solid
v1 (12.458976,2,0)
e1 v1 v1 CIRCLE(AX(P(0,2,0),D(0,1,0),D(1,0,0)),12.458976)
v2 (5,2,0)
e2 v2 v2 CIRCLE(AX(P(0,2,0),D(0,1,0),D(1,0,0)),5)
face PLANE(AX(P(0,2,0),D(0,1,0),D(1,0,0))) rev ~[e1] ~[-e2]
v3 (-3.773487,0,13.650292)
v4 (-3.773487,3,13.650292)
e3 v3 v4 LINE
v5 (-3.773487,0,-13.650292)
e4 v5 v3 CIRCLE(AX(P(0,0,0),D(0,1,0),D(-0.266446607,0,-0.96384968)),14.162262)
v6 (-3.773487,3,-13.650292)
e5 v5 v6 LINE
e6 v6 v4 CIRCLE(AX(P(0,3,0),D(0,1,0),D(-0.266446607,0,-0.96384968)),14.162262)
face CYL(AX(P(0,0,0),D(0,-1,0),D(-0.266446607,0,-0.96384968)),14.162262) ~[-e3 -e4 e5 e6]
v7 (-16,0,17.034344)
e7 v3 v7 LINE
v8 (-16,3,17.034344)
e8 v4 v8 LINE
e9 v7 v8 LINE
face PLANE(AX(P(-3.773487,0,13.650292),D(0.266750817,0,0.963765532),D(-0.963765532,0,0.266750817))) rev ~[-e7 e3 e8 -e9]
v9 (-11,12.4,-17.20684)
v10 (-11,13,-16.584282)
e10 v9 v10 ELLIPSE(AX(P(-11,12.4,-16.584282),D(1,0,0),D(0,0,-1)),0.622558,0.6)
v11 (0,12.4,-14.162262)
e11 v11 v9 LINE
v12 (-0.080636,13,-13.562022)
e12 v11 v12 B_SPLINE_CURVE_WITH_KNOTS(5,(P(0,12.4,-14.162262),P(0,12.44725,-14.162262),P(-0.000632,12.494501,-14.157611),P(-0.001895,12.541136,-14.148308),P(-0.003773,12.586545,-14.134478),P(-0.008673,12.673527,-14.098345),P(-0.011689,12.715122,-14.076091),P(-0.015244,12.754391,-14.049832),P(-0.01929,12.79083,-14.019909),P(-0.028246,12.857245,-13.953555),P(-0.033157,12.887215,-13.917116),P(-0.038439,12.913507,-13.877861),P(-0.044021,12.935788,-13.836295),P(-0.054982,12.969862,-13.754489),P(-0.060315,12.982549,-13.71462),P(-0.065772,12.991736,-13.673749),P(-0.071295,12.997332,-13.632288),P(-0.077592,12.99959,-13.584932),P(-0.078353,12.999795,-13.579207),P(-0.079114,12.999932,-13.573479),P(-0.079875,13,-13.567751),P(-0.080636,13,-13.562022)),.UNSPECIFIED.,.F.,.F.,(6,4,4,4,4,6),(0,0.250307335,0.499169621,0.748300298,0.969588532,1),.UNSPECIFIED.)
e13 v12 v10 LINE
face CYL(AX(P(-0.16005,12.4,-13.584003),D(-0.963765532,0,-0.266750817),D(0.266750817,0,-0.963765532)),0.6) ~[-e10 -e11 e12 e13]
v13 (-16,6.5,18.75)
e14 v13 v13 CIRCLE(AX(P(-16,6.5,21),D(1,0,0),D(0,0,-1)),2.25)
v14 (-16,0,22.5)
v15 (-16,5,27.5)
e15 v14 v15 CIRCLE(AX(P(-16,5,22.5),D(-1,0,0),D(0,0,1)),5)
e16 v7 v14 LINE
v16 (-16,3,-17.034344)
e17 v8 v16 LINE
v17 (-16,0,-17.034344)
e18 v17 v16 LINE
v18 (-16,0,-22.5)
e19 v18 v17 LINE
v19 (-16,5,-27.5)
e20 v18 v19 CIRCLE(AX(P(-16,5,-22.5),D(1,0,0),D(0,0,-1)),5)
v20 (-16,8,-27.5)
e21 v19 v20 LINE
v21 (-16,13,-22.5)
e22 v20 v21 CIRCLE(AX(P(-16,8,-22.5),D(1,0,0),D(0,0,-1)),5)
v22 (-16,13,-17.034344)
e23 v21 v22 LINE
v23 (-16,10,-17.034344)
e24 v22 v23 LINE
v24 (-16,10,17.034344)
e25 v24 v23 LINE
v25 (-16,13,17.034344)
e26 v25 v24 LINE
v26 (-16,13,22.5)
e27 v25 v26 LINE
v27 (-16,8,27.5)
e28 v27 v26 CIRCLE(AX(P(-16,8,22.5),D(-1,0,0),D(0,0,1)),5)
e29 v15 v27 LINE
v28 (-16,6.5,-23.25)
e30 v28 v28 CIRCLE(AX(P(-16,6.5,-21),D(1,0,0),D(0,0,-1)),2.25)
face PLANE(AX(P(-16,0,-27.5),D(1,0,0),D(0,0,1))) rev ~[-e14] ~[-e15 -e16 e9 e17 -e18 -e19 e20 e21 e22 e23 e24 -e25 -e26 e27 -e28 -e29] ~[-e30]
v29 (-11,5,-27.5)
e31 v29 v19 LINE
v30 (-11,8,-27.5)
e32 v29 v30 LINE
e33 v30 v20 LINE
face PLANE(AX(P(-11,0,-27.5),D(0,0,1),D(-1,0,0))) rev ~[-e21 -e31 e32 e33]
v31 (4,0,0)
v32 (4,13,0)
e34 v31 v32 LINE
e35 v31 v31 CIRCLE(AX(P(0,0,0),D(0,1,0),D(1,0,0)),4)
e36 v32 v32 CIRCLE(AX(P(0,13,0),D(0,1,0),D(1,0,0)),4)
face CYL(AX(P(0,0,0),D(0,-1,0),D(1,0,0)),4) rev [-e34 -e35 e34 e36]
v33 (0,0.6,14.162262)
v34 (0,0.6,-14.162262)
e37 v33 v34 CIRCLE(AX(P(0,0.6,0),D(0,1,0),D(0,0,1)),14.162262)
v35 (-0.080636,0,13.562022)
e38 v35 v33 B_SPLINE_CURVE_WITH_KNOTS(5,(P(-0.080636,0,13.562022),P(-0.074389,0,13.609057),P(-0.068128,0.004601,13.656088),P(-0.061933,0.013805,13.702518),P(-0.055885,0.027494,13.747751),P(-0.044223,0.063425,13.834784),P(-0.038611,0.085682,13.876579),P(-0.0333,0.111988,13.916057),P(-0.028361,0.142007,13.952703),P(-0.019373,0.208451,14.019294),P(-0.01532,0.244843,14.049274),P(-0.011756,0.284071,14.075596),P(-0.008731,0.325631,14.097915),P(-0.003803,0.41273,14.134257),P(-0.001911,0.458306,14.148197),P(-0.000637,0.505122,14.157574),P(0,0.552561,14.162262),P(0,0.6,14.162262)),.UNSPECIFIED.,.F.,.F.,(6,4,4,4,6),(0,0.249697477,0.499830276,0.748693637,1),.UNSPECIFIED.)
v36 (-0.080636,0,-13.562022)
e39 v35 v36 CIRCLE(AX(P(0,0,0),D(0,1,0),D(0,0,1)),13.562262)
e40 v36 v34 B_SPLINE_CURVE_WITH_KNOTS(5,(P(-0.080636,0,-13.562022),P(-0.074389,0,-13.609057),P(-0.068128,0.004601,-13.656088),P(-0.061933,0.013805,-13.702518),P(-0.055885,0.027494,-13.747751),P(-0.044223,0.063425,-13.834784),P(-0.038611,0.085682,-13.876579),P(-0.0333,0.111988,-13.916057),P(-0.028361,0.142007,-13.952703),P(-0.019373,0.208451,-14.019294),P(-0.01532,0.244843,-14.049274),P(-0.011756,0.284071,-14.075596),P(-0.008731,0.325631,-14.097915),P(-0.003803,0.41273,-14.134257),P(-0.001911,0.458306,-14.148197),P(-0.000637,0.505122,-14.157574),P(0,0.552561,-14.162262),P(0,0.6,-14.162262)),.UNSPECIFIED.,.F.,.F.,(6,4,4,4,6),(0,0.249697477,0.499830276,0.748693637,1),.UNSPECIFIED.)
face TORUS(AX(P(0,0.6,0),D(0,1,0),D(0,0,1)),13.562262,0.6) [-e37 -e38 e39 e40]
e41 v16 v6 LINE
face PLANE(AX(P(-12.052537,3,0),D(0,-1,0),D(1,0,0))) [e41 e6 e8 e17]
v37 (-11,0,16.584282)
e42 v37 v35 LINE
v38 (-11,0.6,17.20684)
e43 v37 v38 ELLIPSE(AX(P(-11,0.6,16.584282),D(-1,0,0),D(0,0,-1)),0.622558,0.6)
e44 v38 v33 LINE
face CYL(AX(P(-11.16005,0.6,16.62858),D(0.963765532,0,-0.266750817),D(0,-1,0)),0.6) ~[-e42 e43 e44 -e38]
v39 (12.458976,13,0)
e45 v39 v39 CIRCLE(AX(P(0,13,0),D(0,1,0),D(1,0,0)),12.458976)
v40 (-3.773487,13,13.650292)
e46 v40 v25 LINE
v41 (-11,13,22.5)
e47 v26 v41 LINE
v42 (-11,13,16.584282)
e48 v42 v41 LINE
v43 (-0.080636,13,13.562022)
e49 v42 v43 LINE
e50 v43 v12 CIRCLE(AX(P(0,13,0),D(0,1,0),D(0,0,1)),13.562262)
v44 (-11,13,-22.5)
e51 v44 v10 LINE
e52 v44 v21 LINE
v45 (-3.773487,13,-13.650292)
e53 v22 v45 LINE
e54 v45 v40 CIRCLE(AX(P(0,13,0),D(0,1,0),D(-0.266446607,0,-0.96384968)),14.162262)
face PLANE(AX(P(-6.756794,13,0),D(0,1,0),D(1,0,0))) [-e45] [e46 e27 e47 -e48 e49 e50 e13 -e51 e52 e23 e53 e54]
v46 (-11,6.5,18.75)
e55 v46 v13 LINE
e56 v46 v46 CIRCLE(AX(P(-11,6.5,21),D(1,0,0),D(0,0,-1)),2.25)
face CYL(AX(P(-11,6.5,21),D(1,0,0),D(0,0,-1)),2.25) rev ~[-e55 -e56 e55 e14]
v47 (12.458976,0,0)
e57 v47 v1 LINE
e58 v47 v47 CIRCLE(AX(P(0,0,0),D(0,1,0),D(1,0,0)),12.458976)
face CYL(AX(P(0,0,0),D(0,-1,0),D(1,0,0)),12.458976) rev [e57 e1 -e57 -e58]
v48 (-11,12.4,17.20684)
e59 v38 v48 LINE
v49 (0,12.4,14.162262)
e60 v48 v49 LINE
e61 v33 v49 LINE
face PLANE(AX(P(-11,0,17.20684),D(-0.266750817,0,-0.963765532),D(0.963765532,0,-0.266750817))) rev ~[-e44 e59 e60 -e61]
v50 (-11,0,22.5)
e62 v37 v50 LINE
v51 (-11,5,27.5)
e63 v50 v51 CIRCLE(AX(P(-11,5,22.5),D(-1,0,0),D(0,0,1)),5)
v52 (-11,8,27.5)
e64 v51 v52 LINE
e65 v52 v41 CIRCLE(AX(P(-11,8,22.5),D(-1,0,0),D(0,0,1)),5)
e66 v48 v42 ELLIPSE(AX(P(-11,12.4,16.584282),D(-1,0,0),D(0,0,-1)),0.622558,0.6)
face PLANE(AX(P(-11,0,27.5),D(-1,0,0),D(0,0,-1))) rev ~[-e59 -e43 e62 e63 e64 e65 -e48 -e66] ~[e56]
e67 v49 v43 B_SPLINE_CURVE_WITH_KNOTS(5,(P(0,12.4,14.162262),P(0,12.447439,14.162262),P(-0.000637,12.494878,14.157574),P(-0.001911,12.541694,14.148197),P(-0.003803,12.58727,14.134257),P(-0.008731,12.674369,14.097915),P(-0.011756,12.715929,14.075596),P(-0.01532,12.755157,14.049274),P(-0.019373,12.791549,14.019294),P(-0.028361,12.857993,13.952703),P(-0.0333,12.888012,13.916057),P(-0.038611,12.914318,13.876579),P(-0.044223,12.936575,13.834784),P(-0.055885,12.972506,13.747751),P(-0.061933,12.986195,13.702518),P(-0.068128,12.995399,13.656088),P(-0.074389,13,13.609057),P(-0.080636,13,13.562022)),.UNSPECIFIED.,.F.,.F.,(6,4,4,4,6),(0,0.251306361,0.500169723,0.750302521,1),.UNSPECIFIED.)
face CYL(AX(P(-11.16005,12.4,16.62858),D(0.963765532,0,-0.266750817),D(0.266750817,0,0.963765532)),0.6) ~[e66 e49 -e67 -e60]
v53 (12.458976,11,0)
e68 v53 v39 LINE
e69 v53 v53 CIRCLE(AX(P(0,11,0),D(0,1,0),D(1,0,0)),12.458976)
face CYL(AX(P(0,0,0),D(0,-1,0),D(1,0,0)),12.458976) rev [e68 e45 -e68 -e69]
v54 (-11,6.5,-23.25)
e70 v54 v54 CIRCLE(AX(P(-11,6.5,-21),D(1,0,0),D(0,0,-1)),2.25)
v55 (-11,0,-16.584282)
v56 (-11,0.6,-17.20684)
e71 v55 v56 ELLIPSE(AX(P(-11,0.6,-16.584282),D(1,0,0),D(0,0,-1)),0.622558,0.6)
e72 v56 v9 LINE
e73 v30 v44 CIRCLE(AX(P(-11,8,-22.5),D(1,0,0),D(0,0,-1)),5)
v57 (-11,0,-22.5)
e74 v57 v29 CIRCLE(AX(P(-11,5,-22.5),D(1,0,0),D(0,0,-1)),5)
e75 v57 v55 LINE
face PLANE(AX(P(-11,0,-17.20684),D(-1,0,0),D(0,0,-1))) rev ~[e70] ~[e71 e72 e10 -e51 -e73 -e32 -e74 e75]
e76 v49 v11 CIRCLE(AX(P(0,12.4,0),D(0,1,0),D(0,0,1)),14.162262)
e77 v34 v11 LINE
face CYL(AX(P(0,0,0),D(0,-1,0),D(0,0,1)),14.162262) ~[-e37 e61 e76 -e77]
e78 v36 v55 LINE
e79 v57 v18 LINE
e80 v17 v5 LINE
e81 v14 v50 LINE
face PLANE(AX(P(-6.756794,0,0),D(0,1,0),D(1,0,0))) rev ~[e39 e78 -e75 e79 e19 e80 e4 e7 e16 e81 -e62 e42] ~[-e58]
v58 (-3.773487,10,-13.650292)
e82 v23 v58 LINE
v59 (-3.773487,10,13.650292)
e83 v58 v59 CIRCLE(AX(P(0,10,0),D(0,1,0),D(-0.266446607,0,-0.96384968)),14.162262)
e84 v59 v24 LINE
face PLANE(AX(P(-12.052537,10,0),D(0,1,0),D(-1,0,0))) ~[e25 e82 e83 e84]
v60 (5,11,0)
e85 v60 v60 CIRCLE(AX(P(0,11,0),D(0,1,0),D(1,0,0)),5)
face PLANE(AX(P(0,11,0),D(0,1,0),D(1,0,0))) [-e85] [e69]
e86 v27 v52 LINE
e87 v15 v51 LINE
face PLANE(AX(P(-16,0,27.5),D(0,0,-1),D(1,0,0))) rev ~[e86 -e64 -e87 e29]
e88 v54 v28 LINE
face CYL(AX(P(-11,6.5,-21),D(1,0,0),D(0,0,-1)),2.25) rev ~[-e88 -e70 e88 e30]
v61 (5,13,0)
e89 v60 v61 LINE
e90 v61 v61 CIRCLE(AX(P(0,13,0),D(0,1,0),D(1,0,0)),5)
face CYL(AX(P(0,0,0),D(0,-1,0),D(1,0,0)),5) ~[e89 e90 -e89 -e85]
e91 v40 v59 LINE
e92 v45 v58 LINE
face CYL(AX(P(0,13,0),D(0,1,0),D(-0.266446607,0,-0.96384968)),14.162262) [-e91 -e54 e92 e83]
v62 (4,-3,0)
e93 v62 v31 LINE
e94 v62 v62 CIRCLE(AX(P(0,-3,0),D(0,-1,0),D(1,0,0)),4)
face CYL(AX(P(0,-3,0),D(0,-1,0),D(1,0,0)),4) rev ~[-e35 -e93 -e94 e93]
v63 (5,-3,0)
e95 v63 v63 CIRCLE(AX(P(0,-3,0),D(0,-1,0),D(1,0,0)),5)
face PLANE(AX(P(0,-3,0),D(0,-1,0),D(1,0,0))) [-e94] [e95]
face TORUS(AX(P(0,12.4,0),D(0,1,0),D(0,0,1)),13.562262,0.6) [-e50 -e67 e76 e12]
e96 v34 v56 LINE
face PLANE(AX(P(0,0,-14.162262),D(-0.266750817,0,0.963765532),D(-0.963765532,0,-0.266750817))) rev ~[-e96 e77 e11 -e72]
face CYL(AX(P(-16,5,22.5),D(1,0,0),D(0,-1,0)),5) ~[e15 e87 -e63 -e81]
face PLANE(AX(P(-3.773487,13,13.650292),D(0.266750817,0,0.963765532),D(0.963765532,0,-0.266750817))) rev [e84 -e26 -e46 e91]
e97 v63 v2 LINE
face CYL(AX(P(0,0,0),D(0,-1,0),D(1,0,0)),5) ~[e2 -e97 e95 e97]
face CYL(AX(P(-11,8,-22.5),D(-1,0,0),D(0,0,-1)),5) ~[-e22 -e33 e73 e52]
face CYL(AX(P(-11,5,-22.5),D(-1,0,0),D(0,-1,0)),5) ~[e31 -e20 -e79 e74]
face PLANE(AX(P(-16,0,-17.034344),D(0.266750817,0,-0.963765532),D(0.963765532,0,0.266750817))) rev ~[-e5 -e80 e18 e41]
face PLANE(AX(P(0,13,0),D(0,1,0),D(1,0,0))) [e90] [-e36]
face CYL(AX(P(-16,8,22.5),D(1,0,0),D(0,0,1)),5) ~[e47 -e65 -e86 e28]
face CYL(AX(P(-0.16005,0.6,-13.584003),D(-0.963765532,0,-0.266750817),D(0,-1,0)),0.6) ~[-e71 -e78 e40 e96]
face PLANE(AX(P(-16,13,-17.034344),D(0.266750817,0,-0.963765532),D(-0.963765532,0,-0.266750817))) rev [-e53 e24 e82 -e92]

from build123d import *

# Parameters (mm, degrees)
SKETCH_1_R          = 12.458976409
EXTRUDE_1_DEPTH     = 13
SKETCH_1_R_2        = 5
SKETCH_1_R_3        = 4
EXTRUDE_1_2_DEPTH   = 13
EXTRUDE_START       = 2
SKETCH_1_3_R        = 12.458976409
SKETCH_1_3_R_2      = 5
EXTRUDE_2_DEPTH     = 9
SKETCH_2_R          = 2.25
CUT_EXTRUDE_1_DEPTH = 9
FILLET_1_R          = 5
EXTRUDE_START_2     = 3
SKETCH_3_R          = 5
SKETCH_3_R_2        = 4
EXTRUDE_3_DEPTH     = 3
CUT_EXTRUDE_2_DEPTH = 3
FILLET_2_R          = 0.6


with BuildPart() as part:
    # Эскиз1 → Бобышка-Вытянуть1 (new body)
    with BuildSketch(Plane(origin=(0, 0, 0), x_dir=(1, 0, 0), z_dir=(0, 1, 0))):
        with BuildLine():
            Line((-11, 27.5), (-16, 27.5))
            Line((-16, 27.5), (-16, -27.5))
            Line((-16, -27.5), (-11, -27.5))
            Line((-11, -27.5), (-11, -17.206839795))
            Line((-11, -17.206839795), (0, -14.162262157))
            ThreePointArc((0, -14.162262157), (14.162262157, 0), (0, 14.162262157))
            Line((0, 14.162262157), (-11, 17.206839795))
            Line((-11, 17.206839795), (-11, 27.5))
        make_face()
        Circle(SKETCH_1_R, mode=Mode.SUBTRACT)
    extrude(amount=EXTRUDE_1_DEPTH)



with BuildPart() as body_2:
    # Эскиз1 → Extrude 1 2 (new body)
    with BuildSketch(Plane(origin=(0, 0, 0), x_dir=(1, 0, 0), z_dir=(0, 1, 0))):
        Circle(SKETCH_1_R_2)
        Circle(SKETCH_1_R_3, mode=Mode.SUBTRACT)
    extrude(amount=EXTRUDE_1_2_DEPTH)


with BuildPart() as part_1:
    add(part.part)

    add(body_2.part)  # Бобышка-Вытянуть2 merges body 2
    # Эскиз1<3> → Бобышка-Вытянуть2 (add)
    with BuildSketch(Plane(origin=(0, 0, 0), x_dir=(1, 0, 0), z_dir=(0, 1, 0)).offset(EXTRUDE_START)):
        Circle(SKETCH_1_3_R)
        Circle(SKETCH_1_3_R_2, mode=Mode.SUBTRACT)
    extrude(amount=EXTRUDE_2_DEPTH)

    # Эскиз2 → Вырез-Вытянуть1 (cut)
    with BuildSketch(Plane(origin=(-11, 0, 0), x_dir=(0, 0, -1), z_dir=(1, 0, 0))):
        with Locations((21, 6.5)):
            Circle(SKETCH_2_R)
        with Locations((-21, 6.5)):
            Circle(SKETCH_2_R)
    extrude(amount=-CUT_EXTRUDE_1_DEPTH, mode=Mode.SUBTRACT)

    # Скругление1
    fillet_1_edges = [part_1.edges().sort_by_distance(p)[0] for p in [
        (-13.5, 0, 27.5),
        (-13.5, 13, 27.5),
        (-13.5, 13, -27.5),
        (-13.5, 0, -27.5),
    ]]
    fillet(fillet_1_edges, radius=FILLET_1_R)

    # Эскиз3 → Бобышка-Вытянуть3 (add)
    with BuildSketch(Plane.XZ.offset(EXTRUDE_START_2)):
        Circle(SKETCH_3_R)
        Circle(SKETCH_3_R_2, mode=Mode.SUBTRACT)
    extrude(amount=-EXTRUDE_3_DEPTH)

    # Эскиз4 → Вырез-Вытянуть2 (cut)
    with BuildSketch(Plane.XZ):
        with BuildLine():
            Line((-16, -17.034343572), (-3.773486703, -13.650291847))
            ThreePointArc((-3.773486703, -13.650291847), (-14.162262157, 0), (-3.773486703, 13.650291847))
            Line((-3.773486703, 13.650291847), (-16, 17.034343572))
            Line((-16, 17.034343572), (-16, -17.034343572))
        make_face()
    cut_extrude_2 = extrude(amount=-CUT_EXTRUDE_2_DEPTH, mode=Mode.SUBTRACT)

    # Зеркальное отражение1: Вырез-Вытянуть2 across plane
    add(cut_extrude_2.mirror(Plane.ZX.offset(6.5)), mode=Mode.SUBTRACT)

    # Скругление2
    fillet_2_edges = [part_1.edges().sort_by_distance(p)[0] for p in [
        (-5.5, 13, 15.684550976),
        (-5.5, 13, -15.684550976),
        (14.162262157, 13, 0),
        (-5.5, 0, 15.684550976),
        (-5.5, 0, -15.684550976),
        (14.162262157, 0, 0),
    ]]
    fillet(fillet_2_edges, radius=FILLET_2_R)


solid = part_1.part
